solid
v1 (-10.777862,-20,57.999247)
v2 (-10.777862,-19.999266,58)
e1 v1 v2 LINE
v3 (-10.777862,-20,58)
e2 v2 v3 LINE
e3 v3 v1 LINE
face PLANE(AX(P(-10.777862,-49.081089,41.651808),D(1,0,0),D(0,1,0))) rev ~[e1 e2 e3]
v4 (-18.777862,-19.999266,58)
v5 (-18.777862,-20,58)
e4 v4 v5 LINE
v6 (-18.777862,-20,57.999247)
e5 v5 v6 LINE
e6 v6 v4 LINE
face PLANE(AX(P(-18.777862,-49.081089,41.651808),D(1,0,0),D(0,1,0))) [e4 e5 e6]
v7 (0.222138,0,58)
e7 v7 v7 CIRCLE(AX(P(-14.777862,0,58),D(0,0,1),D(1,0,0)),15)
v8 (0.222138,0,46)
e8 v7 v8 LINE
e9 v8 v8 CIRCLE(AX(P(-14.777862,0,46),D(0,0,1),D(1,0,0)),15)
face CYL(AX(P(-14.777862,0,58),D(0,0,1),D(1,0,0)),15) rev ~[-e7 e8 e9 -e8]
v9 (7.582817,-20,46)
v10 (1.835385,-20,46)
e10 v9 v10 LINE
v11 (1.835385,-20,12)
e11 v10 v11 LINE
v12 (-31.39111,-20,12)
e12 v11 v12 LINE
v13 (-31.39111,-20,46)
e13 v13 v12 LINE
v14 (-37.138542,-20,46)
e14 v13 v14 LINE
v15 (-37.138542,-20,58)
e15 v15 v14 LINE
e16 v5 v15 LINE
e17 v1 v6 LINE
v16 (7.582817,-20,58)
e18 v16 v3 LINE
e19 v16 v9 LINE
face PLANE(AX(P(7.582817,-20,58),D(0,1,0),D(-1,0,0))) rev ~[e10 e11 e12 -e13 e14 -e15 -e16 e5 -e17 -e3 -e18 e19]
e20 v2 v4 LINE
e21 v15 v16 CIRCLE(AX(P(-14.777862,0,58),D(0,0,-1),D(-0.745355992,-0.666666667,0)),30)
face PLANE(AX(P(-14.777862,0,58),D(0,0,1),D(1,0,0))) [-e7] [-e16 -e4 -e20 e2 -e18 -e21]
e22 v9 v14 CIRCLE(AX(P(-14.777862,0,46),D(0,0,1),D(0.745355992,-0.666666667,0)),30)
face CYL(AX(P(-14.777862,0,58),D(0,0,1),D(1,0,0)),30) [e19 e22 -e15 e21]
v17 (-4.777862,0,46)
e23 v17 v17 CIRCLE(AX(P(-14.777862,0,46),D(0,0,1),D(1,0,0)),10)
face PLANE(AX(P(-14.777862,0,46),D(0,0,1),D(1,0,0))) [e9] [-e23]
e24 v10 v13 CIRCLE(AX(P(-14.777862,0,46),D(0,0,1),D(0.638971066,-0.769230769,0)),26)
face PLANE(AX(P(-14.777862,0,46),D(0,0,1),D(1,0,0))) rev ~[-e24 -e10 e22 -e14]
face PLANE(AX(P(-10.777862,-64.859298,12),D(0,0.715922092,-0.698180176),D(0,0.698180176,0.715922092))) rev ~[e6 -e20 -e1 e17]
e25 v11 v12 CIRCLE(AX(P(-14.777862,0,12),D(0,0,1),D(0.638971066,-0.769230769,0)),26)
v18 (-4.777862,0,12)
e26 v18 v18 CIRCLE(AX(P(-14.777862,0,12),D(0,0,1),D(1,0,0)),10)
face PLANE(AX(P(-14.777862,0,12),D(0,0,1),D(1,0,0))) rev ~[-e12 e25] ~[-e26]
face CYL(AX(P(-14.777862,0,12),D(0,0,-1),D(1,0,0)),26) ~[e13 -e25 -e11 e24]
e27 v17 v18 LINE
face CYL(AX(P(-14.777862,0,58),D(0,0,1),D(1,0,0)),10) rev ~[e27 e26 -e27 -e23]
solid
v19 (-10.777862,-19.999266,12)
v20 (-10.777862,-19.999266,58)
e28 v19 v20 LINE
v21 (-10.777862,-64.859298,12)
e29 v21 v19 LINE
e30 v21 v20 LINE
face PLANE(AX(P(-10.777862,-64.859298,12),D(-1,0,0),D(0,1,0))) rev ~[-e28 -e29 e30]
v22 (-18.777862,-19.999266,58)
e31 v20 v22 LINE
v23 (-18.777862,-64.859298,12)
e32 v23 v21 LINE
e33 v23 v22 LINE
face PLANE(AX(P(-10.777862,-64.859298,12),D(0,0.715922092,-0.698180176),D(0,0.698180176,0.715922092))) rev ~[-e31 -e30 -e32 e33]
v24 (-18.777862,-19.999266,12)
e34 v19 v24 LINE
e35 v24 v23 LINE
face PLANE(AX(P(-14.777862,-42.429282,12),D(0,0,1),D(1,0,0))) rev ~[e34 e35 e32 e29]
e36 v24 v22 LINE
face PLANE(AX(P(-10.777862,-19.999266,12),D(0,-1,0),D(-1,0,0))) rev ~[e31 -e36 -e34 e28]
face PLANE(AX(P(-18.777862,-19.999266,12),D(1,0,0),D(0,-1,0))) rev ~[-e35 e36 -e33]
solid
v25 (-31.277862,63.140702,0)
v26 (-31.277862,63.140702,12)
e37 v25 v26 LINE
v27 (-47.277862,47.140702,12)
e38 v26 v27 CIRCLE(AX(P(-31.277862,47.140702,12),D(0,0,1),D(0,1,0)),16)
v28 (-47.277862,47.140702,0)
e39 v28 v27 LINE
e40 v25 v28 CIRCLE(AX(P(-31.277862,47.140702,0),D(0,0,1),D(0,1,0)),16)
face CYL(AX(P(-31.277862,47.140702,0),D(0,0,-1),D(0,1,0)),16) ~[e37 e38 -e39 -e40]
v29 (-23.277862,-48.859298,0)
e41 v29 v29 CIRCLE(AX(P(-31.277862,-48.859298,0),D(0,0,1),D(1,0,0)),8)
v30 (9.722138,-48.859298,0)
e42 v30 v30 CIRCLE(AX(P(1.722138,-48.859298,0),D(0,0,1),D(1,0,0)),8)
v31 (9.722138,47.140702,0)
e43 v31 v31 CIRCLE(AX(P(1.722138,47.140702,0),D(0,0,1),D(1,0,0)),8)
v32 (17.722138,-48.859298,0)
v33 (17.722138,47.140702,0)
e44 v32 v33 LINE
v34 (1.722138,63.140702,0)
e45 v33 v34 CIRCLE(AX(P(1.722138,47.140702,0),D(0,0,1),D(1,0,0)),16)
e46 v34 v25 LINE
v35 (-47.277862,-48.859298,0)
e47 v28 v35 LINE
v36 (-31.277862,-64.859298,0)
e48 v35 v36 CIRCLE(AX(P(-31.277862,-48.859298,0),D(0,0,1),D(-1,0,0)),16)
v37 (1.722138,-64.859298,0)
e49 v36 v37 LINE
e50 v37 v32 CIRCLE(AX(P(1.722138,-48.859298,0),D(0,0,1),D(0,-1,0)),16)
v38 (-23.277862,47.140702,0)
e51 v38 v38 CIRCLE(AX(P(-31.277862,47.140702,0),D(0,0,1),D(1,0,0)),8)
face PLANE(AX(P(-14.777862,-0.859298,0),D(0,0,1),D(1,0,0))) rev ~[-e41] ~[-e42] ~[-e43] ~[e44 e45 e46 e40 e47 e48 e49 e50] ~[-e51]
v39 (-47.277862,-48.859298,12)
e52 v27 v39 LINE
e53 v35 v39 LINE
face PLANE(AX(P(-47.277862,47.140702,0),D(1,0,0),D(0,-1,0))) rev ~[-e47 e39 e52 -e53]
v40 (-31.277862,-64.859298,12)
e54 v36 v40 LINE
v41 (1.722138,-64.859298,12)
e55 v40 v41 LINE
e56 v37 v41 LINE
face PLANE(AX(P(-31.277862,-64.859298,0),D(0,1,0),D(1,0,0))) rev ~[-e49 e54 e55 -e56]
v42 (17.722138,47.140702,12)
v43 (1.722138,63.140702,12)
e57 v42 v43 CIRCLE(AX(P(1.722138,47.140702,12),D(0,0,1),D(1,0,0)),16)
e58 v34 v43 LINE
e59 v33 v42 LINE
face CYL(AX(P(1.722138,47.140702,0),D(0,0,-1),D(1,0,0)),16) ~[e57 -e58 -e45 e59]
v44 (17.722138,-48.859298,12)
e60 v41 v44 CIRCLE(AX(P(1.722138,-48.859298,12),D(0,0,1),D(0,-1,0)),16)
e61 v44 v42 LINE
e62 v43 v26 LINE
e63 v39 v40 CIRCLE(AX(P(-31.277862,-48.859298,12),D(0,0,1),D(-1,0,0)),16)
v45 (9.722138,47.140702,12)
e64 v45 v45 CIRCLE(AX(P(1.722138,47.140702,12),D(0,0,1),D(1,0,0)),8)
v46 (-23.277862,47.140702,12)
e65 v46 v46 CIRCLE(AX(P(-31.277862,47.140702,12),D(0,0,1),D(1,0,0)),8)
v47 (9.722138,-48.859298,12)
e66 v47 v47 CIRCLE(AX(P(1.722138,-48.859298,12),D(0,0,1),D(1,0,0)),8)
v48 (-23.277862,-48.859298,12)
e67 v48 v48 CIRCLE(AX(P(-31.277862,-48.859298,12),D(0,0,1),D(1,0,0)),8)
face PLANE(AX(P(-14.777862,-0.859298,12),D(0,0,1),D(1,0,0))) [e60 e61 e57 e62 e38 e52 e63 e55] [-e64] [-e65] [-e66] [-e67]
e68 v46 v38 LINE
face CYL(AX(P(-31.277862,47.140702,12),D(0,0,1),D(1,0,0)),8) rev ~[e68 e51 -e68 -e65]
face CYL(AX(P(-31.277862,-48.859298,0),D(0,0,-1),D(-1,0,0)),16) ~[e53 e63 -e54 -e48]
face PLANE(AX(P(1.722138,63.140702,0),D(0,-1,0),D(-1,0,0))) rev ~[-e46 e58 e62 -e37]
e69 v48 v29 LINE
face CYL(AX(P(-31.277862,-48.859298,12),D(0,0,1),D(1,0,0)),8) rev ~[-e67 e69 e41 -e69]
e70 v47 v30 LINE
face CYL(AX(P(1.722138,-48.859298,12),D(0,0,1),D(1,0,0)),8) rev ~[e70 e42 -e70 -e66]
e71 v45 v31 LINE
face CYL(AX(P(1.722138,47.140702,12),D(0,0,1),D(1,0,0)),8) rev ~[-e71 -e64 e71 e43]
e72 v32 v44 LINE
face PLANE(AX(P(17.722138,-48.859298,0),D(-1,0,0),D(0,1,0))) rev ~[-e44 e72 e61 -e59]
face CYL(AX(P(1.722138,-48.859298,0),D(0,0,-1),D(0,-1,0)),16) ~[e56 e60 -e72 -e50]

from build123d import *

# Parameters (mm, degrees)
F1_DEPTH  = 12
F2_R      = 8
F3_DEPTH  = 25
F4_R      = 26
F5_DEPTH  = 46
F6_R      = 10
F7_DEPTH  = 58
F8_R      = 30
F9_DEPTH  = 12
F10_R     = 15
F11_DEPTH = 12
F13_DEPTH = 46
F15_DEPTH = 46
F17_DEPTH = 8


with BuildPart() as f1:
    # F0 (on Top) → F1 (new body)
    with BuildSketch(Plane.XY):
        with BuildLine():
            ThreePointArc((-31.2778624006, 63.140702188), (-42.5915708996, 58.454410687), (-47.2778624006, 47.140702188))
            Line((-47.2778624006, 47.140702188), (-47.2778624006, -48.859297812))
            ThreePointArc((-47.2778624006, -48.859297812), (-42.5915708996, -60.173006311), (-31.2778624006, -64.859297812))
            Line((-31.2778624006, -64.859297812), (1.7221375994, -64.859297812))
            ThreePointArc((1.7221375994, -64.859297812), (13.0358460984, -60.173006311), (17.7221375994, -48.859297812))
            Line((17.7221375994, -48.859297812), (17.7221375994, 47.140702188))
            ThreePointArc((17.7221375994, 47.140702188), (13.0358460984, 58.454410687), (1.7221375994, 63.140702188))
            Line((1.7221375994, 63.140702188), (-31.2778624006, 63.140702188))
        make_face()
    extrude(amount=F1_DEPTH)

    # F2 (on face) → F3 (cut)
    with BuildSketch(Plane.XY.offset(12)):
        with Locations((-31.2778624006, 47.140702188)):
            Circle(F2_R)
        with Locations((1.7221375994, 47.140702188)):
            Circle(F2_R)
        with Locations((1.7221375994, -48.859297812)):
            Circle(F2_R)
        with Locations((-31.2778624006, -48.859297812)):
            Circle(F2_R)
    extrude(amount=-F3_DEPTH, mode=Mode.SUBTRACT)


with BuildPart() as f5:
    # F4 (on face) → F5 (new body)
    with BuildSketch(Plane.XY.offset(12)):
        with Locations((-14.7778624006, 0)):
            Circle(F4_R)
    extrude(amount=F5_DEPTH)

    # F6 (on face) → F7 (cut)
    with BuildSketch(Plane.XY.offset(58)):
        with Locations((-14.7778624006, 0)):
            Circle(F6_R)
    extrude(amount=-F7_DEPTH, mode=Mode.SUBTRACT)

    # F8 (on face) → F9 (join)
    with BuildSketch(Plane.XY.offset(58)):
        with Locations((-14.7778624006, 0)):
            Circle(F8_R)
    extrude(amount=-F9_DEPTH)

    # F10 (on face) → F11 (cut)
    with BuildSketch(Plane.XY.offset(58)):
        with Locations((-14.7778624006, 0)):
            Circle(F10_R)
    extrude(amount=-F11_DEPTH, mode=Mode.SUBTRACT)

    # F12 (on face) → F13 (cut, through all)
    with BuildSketch(Plane.XY.offset(58)):
        with BuildLine():
            Line((7.5828173744, -20), (-37.1385421756, -20))
            ThreePointArc((-37.1385421756, -20), (-14.7778624006, -30), (7.5828173744, -20))
        make_face()
    extrude(amount=-F13_DEPTH, mode=Mode.SUBTRACT)


with BuildPart() as f15:
    # F14 (on face) → F15 (new body)
    with BuildSketch(Plane.XY.offset(12)):
        Polygon((-18.7778624006, -19.9992656708), (-18.7778624006, -64.859297812), (-10.7778624006, -64.859297812), (-10.7778624006, -19.9992656708), (-14.7778624006, -19.9992656708), align=None)
    extrude(amount=F15_DEPTH)


with BuildPart() as f17_tool:
    # F16 (on face) → F17 (new body)
    with BuildSketch(Plane.YZ.offset(-10.7778624006)):
        Polygon((-64.859297812, 12), (-19.9992656708, 58), (-64.859297812, 58), align=None)
    extrude(amount=-F17_DEPTH)


with BuildPart() as f5_1:
    add(f5.part)

    # F17: cut by f17_tool
    add(f17_tool.part, mode=Mode.SUBTRACT)


with BuildPart() as f15_1:
    add(f15.part)

    # F17: cut by f17_tool
    add(f17_tool.part, mode=Mode.SUBTRACT)


solid = Compound([f1.part, f5_1.part, f15_1.part])
